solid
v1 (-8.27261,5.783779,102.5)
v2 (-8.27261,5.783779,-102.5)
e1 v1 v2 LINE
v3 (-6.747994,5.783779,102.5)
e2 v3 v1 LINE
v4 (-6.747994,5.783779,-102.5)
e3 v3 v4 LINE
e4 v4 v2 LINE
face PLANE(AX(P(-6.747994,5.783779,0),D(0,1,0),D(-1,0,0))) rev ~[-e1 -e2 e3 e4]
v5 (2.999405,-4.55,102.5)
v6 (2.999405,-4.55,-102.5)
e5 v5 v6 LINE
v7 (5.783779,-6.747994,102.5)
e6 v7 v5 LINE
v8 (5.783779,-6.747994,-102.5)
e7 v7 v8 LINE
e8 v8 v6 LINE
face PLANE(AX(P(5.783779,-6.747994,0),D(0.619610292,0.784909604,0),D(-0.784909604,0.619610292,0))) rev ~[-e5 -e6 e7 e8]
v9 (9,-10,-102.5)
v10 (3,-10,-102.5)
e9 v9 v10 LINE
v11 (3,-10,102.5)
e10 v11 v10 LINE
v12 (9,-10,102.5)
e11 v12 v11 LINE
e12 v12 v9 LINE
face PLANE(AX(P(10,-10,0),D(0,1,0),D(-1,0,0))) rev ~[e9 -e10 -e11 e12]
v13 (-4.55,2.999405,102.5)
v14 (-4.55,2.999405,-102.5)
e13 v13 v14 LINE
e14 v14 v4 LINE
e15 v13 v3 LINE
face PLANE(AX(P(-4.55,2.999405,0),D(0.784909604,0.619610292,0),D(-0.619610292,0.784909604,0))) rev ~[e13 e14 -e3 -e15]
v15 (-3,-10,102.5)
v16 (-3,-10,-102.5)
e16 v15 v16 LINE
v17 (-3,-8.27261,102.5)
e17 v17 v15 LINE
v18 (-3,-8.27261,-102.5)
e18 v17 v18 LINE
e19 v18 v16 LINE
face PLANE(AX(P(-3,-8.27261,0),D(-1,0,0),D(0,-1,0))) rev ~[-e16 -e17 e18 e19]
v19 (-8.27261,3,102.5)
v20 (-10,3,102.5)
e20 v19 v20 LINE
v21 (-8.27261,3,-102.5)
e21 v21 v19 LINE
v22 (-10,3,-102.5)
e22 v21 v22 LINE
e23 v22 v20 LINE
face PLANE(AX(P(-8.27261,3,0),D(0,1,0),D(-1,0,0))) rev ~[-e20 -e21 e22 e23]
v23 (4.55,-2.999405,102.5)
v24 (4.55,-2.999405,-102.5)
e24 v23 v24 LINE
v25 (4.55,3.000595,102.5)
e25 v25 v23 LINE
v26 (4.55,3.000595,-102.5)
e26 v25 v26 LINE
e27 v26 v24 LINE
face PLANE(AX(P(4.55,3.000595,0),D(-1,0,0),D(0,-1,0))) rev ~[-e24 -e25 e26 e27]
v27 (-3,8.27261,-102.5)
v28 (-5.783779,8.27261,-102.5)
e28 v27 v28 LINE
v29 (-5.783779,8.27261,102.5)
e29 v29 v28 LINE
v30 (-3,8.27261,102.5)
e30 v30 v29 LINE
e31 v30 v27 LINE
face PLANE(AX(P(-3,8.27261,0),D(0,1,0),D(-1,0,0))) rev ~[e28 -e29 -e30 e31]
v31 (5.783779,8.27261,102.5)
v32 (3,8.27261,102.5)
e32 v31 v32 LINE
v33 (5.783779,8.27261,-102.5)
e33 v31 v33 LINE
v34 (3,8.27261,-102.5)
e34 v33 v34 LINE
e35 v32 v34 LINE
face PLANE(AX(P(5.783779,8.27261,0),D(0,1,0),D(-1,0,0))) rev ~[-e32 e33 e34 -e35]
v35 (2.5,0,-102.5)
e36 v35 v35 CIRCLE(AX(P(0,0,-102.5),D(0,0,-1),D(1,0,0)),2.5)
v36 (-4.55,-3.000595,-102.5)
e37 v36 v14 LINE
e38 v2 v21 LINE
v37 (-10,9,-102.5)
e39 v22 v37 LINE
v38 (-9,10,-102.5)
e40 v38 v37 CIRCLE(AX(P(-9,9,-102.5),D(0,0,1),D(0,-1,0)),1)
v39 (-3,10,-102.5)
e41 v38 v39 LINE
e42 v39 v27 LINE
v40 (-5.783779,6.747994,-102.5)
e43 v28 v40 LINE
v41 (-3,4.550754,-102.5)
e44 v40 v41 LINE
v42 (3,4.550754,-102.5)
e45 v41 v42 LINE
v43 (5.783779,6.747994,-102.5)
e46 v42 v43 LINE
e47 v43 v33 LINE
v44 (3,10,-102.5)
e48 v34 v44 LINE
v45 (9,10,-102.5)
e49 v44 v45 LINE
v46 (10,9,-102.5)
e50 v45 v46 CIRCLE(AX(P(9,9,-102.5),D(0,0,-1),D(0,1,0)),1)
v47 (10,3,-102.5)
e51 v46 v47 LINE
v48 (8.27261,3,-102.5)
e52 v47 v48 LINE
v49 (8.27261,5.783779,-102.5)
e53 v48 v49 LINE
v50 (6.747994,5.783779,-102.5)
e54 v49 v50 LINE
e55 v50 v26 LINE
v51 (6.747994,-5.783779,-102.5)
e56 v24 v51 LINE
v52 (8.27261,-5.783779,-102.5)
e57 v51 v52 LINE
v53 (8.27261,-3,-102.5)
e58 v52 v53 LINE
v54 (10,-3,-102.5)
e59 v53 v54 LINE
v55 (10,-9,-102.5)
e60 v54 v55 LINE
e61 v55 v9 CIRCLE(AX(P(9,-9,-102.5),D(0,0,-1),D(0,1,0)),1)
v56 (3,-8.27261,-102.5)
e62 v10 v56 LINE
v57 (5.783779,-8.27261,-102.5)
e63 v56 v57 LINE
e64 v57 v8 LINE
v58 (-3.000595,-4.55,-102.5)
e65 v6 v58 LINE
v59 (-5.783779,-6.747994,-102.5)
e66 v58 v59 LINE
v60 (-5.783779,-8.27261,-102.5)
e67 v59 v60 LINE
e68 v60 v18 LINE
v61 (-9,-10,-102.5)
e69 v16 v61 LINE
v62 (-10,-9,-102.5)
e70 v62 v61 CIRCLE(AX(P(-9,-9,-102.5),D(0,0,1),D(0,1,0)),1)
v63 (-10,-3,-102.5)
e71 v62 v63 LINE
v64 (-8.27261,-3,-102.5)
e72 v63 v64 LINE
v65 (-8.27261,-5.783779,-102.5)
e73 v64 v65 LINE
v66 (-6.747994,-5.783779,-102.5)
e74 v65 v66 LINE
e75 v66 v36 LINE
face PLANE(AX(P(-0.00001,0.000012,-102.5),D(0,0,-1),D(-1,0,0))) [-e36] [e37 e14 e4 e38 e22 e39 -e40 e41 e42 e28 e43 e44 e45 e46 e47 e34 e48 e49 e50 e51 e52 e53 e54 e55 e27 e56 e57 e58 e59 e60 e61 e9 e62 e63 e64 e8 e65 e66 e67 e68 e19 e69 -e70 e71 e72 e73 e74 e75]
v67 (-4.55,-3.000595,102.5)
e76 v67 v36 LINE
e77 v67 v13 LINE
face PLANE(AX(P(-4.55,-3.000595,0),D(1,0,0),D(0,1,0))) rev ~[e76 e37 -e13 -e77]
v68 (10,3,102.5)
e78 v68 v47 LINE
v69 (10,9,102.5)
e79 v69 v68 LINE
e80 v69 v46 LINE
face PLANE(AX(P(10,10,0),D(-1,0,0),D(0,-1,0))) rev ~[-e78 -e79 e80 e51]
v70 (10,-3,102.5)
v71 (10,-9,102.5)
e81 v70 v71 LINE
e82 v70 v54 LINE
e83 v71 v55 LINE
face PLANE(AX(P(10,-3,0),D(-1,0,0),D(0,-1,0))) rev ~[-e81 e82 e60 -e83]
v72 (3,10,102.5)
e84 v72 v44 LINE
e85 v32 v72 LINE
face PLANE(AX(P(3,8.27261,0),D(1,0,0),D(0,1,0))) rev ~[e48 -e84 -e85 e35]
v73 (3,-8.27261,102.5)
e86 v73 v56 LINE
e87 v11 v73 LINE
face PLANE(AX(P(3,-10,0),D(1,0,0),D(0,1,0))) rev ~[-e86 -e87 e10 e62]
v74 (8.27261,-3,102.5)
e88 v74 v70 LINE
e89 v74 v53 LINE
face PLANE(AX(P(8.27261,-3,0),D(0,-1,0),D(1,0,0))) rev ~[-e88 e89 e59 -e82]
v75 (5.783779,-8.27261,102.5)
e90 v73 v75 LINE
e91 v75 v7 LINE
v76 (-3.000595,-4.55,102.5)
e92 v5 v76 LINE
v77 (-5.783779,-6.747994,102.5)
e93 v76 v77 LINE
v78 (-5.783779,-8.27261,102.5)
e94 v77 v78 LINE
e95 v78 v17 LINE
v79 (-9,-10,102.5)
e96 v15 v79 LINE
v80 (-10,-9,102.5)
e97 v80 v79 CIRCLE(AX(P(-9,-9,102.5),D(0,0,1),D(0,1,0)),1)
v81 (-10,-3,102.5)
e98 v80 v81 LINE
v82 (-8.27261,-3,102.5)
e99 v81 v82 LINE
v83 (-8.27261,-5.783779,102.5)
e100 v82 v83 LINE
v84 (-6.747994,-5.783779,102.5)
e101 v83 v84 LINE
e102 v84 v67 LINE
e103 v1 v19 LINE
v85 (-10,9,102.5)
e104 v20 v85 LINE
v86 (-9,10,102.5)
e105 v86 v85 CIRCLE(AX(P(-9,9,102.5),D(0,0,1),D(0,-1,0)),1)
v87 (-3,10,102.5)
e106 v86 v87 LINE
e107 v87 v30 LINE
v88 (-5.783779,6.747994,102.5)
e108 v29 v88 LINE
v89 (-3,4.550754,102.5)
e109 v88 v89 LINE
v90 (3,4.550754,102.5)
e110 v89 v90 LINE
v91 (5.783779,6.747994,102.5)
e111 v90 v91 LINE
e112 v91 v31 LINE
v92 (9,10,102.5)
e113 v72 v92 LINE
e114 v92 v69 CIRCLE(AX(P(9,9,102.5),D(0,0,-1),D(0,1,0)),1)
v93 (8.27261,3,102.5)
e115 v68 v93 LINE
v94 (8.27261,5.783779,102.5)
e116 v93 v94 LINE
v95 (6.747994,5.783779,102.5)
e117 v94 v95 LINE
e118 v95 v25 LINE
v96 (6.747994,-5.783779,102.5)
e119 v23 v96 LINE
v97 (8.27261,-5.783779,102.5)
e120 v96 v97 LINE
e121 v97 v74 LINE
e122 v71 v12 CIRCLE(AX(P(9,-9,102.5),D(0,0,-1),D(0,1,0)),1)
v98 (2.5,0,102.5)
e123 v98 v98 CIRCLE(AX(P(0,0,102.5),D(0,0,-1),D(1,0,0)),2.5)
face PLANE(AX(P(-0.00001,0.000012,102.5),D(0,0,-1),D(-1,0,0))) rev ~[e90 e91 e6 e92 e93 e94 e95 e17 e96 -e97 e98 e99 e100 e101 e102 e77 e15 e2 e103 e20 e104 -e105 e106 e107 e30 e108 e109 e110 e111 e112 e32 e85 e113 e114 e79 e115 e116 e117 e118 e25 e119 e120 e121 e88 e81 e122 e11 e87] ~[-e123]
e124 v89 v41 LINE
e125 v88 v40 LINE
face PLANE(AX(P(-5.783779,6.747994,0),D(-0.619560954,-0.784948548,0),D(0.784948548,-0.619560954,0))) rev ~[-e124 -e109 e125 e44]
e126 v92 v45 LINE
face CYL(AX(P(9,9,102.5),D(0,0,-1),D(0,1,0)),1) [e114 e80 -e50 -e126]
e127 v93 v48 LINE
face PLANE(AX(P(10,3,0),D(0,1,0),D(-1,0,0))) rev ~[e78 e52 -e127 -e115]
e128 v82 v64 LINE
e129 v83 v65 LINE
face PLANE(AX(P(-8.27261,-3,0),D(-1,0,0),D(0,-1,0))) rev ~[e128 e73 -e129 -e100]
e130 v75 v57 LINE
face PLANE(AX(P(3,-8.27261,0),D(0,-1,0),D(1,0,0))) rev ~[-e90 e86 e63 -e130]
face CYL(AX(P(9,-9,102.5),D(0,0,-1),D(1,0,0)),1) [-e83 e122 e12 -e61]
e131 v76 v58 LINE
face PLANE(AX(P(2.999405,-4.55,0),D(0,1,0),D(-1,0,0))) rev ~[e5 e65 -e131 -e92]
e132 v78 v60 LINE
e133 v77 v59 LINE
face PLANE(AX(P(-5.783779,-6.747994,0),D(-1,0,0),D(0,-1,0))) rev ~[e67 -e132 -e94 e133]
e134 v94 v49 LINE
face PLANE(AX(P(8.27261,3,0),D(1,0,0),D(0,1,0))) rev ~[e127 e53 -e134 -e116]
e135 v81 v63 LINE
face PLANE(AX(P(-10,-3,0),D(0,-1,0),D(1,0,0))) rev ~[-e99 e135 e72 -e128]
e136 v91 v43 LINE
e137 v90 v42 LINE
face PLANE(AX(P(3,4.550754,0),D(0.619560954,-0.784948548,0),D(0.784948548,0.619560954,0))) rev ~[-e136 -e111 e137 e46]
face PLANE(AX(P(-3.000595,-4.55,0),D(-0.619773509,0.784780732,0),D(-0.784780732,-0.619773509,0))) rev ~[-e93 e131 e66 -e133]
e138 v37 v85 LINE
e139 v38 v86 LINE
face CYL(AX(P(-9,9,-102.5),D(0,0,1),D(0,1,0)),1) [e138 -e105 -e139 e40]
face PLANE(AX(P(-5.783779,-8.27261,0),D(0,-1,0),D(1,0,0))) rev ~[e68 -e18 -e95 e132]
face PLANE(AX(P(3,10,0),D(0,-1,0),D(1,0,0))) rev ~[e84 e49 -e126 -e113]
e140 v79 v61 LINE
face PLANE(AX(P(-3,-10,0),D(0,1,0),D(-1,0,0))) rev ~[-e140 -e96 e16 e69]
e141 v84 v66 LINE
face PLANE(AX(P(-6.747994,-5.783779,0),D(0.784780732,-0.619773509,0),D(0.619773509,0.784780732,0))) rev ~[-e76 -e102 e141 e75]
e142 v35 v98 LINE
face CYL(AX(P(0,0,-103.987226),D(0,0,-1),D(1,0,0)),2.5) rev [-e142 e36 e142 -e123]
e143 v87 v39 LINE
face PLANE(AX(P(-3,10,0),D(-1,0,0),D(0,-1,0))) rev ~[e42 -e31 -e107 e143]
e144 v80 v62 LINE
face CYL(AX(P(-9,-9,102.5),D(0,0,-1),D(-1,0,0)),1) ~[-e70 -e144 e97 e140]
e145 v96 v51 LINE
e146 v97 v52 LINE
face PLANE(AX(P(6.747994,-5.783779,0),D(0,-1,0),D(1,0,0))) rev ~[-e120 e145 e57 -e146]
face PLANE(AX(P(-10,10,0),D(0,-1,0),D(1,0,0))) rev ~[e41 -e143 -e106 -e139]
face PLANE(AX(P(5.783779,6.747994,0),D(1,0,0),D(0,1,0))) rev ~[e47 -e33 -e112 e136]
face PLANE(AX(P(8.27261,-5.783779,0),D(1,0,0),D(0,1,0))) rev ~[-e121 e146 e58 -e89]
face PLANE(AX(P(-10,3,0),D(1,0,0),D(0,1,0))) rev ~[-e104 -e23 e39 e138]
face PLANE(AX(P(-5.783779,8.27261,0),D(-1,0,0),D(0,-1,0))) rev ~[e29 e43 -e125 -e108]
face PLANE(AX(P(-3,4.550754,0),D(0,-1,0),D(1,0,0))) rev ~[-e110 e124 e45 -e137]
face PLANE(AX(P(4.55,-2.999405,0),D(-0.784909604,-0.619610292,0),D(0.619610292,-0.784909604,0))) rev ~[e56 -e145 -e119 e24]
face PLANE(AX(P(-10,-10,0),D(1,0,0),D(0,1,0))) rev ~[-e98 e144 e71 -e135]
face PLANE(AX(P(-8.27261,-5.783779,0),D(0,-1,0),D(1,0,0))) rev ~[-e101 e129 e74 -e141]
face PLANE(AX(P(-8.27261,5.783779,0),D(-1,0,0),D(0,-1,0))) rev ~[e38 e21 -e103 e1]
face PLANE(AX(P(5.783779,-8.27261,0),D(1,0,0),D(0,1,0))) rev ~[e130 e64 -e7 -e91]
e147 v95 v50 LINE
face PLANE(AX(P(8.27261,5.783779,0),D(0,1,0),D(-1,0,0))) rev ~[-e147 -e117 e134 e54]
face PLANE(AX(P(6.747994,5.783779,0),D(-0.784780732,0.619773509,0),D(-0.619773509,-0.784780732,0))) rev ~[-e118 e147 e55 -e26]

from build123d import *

# Parameters (mm, degrees)
BOSS_EXTRUDE1_DEPTH     = 102.5
CUT_EXTRUDE1_DEPTH      = 206.48722588
CUT_EXTRUDE1_DEPTH_BACK = 206.48722588
SKETCH2_R               = 2.5
FILLET1_R               = 1


with BuildPart() as part:
    # Sketch1 → Boss-Extrude1 (new, symmetric)
    with BuildSketch(Plane.XY):
        Polygon((-10, 10), (-3, 10), (-3, 8.272610059), (-5.783778863, 8.272610059), (-5.783778863, 6.747994248), (-3, 4.550753814), (3, 4.550753814), (5.783778863, 6.747994248), (5.783778863, 8.272610059), (3, 8.272610059), (3, 10), (10, 10), (10, 3), (8.272610059, 3), (8.272610059, 5.783778863), (6.747994248, 5.783778863), (4.55, 3.000595152), (4.55, -2.999404848), (6.747994248, -5.783778863), (8.272610059, -5.783778863), (8.272610059, -3), (10, -3), (10, -10), (3, -10), (3, -8.272610059), (5.783778863, -8.272610059), (5.783778863, -6.747994248), (2.999404848, -4.55), (-3.000595152, -4.55), (-5.783778863, -6.747994248), (-5.783778863, -8.272610059), (-3, -8.272610059), (-3, -10), (-10, -10), (-10, -3), (-8.272610059, -3), (-8.272610059, -5.783778863), (-6.747994248, -5.783778863), (-4.55, -3.000595152), (-4.55, 2.999404848), (-6.747994248, 5.783778863), (-8.272610059, 5.783778863), (-8.272610059, 3), (-10, 3), align=None)
    extrude(amount=BOSS_EXTRUDE1_DEPTH, both=True)

    # Sketch2 → Cut-Extrude1 (cut, two sides: drawn at the far end of the back side and taken through both)
    with BuildSketch(Plane.XY.offset(102.5).offset(-CUT_EXTRUDE1_DEPTH_BACK)):
        Circle(SKETCH2_R)
    extrude(amount=CUT_EXTRUDE1_DEPTH + CUT_EXTRUDE1_DEPTH_BACK, mode=Mode.SUBTRACT)

    # Fillet1
    fillet1_edges = [part.edges().sort_by_distance(p)[0] for p in [
        (-10, 10, 0),
        (10, 10, 0),
        (10, -10, 0),
        (-10, -10, 0),
    ]]
    fillet(fillet1_edges, radius=FILLET1_R)


solid = part.part
